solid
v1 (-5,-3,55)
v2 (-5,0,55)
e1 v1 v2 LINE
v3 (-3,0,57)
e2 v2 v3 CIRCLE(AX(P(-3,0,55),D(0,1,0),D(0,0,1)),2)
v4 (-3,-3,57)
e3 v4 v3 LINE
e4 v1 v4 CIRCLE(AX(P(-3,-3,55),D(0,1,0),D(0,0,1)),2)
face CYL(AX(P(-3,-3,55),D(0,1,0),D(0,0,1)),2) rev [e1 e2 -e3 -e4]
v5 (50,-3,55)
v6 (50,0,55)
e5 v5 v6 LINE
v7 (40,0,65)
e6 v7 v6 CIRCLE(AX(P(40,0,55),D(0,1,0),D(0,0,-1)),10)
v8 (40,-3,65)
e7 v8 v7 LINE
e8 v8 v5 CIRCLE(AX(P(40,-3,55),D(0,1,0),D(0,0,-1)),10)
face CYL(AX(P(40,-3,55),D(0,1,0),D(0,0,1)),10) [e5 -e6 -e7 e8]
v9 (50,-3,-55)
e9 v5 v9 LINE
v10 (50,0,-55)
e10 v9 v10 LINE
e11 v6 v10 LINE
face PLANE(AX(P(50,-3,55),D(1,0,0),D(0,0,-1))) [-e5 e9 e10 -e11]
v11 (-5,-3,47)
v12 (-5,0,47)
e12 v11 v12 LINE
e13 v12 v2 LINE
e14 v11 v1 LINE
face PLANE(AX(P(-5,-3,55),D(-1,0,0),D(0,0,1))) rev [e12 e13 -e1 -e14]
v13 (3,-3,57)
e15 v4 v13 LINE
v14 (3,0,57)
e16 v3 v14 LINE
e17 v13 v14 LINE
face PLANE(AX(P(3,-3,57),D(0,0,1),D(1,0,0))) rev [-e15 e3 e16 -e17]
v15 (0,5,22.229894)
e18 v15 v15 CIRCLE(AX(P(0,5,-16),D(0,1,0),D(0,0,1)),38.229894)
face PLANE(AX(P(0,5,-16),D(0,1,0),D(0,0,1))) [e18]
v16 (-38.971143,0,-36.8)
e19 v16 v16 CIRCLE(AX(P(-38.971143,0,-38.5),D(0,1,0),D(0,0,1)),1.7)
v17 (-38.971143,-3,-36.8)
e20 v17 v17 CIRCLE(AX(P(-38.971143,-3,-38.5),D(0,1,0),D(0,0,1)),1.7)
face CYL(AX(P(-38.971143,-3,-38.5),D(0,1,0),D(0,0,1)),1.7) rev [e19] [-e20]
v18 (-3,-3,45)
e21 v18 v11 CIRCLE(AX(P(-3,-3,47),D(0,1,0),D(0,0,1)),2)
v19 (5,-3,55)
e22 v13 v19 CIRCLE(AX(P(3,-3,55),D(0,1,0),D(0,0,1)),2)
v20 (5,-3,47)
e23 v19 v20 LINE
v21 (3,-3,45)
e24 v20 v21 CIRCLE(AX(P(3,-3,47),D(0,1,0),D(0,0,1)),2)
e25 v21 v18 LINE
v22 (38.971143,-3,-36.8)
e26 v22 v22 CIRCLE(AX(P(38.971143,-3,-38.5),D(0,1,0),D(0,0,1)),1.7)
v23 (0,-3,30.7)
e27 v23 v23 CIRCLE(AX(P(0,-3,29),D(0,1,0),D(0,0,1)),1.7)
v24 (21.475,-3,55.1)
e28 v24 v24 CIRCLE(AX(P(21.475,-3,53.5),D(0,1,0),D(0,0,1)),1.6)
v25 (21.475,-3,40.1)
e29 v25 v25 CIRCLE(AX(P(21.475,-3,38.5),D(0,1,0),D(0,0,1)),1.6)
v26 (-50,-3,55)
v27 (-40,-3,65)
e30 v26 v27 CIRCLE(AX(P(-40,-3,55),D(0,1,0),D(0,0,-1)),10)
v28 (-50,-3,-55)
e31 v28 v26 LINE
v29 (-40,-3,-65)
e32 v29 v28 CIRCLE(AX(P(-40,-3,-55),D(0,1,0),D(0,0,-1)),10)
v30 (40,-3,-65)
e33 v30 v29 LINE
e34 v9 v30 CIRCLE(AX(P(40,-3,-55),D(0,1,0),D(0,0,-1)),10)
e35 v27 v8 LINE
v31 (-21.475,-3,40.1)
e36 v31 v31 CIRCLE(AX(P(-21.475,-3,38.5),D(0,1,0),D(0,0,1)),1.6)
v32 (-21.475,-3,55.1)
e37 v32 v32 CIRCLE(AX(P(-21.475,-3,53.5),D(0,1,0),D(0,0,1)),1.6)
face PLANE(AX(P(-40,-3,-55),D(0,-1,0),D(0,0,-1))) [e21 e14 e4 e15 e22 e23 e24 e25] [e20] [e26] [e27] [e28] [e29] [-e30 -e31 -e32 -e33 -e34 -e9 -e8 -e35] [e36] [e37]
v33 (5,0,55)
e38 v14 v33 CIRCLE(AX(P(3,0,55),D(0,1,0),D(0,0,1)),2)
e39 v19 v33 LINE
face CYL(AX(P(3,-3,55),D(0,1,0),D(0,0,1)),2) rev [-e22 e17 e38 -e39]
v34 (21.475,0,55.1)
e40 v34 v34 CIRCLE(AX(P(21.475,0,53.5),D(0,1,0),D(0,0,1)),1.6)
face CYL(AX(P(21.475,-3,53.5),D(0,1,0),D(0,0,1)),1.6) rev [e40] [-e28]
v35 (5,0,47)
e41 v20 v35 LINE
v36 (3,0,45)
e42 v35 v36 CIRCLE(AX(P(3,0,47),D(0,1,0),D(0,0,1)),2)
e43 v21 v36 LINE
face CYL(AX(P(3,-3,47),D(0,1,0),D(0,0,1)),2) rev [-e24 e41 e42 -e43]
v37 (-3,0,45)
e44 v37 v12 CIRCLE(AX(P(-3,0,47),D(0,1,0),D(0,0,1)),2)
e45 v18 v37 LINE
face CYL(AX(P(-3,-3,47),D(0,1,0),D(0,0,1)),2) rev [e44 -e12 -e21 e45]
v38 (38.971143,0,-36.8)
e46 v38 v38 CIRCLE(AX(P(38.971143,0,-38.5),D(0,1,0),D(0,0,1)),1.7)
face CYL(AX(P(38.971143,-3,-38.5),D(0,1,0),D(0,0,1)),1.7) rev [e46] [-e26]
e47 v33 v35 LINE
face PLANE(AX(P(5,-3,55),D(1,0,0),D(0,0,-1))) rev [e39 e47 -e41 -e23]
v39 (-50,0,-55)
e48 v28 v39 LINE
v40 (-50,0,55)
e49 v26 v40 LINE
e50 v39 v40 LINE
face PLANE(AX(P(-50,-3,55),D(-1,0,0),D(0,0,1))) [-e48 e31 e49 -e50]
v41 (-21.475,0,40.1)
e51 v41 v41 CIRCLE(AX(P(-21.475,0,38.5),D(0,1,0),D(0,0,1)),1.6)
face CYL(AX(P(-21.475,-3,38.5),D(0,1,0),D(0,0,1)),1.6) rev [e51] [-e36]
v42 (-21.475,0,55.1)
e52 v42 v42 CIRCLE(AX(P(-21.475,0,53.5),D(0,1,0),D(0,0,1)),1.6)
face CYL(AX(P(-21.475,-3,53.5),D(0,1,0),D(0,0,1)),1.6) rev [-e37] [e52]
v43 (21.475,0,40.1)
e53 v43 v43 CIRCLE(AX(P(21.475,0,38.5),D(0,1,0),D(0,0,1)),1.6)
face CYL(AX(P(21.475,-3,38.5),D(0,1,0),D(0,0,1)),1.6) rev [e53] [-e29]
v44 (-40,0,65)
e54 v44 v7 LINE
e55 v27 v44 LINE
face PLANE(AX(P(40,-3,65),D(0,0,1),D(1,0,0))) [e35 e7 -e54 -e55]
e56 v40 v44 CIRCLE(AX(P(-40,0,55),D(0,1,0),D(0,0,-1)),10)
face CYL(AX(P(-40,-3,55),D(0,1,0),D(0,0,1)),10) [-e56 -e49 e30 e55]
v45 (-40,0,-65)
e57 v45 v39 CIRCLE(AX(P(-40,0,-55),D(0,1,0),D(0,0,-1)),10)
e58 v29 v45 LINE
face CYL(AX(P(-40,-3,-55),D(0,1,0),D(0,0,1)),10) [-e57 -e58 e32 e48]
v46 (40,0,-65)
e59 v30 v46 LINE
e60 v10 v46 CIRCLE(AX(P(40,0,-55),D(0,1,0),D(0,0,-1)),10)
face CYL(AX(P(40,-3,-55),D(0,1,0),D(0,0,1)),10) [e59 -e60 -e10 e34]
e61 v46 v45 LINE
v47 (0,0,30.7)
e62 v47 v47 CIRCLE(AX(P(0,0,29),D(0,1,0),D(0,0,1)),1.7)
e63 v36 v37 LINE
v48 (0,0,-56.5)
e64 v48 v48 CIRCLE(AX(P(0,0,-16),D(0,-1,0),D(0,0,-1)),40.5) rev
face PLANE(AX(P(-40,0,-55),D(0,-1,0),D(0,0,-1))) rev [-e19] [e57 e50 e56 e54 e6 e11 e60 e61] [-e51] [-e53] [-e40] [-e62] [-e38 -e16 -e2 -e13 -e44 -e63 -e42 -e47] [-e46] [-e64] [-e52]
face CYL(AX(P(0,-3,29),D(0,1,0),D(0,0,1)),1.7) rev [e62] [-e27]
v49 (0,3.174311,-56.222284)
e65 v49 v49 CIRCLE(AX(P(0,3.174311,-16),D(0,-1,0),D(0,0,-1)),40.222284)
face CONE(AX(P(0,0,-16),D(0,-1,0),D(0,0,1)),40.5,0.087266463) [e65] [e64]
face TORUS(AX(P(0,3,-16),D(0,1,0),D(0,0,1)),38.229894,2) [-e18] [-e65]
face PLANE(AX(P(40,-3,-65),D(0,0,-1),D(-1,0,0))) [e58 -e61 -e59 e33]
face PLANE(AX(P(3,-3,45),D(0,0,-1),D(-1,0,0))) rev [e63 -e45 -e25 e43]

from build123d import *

# Parameters (mm, degrees)
SKETCH1_R           = 1.6
SKETCH1_R_2         = 1.7
BOSS_EXTRUDE1_DEPTH = 3
SKETCH2_R           = 40.5
BOSS_EXTRUDE2_DEPTH = 5
BOSS_EXTRUDE2_TAPER = 5
FILLET1_R           = 2


with BuildPart() as part:
    # Sketch1 → Boss-Extrude1 (new body)
    with BuildSketch(Plane(origin=(0, 0, 0), x_dir=(1, 0, 0), z_dir=(0, 1, 0))):
        with BuildLine():
            Line((40, -65), (-40, -65))
            ThreePointArc((-40, -65), (-47.071067812, -62.071067812), (-50, -55))
            Line((-50, -55), (-50, 55))
            ThreePointArc((-50, 55), (-47.071067812, 62.071067812), (-40, 65))
            Line((-40, 65), (40, 65))
            ThreePointArc((40, 65), (47.071067812, 62.071067812), (50, 55))
            Line((50, 55), (50, -55))
            ThreePointArc((50, -55), (47.071067812, -62.071067812), (40, -65))
        make_face()
        with Locations(Location((21.475, -38.5, 0), (0, 0, 270))):
            Circle(SKETCH1_R, mode=Mode.SUBTRACT)
        with Locations(Location((21.475, -53.5, 0), (0, 0, 270))):
            Circle(SKETCH1_R, mode=Mode.SUBTRACT)
        with Locations(Location((-21.475, -38.5, 0), (0, 0, 270))):
            Circle(SKETCH1_R, mode=Mode.SUBTRACT)
        with Locations(Location((-21.475, -53.5, 0), (0, 0, 270))):
            Circle(SKETCH1_R, mode=Mode.SUBTRACT)
        with Locations(Location((0, -29, 0), (0, 0, 270))):
            Circle(SKETCH1_R_2, mode=Mode.SUBTRACT)
        with Locations(Location((-38.97114317, 38.5, 0), (0, 0, 270))):
            Circle(SKETCH1_R_2, mode=Mode.SUBTRACT)
        with Locations(Location((38.97114317, 38.5, 0), (0, 0, 270))):
            Circle(SKETCH1_R_2, mode=Mode.SUBTRACT)
        with BuildLine():
            Line((3, -57), (-3, -57))
            ThreePointArc((-3, -57), (-4.414213562, -56.414213562), (-5, -55))
            Line((-5, -55), (-5, -47))
            ThreePointArc((-5, -47), (-4.414213562, -45.585786438), (-3, -45))
            Line((-3, -45), (3, -45))
            ThreePointArc((3, -45), (4.414213562, -45.585786438), (5, -47))
            Line((5, -47), (5, -55))
            ThreePointArc((5, -55), (4.414213562, -56.414213562), (3, -57))
        make_face(mode=Mode.SUBTRACT)
    extrude(amount=-BOSS_EXTRUDE1_DEPTH)

    # Sketch2 → Boss-Extrude2 (add)
    with BuildSketch(Plane(origin=(0, 0, 0), x_dir=(1, 0, 0), z_dir=(0, 1, 0))):
        with Locations((0, 16)):
            Circle(SKETCH2_R)
    extrude(amount=BOSS_EXTRUDE2_DEPTH, taper=BOSS_EXTRUDE2_TAPER)

    # Fillet1
    fillet1_edges = [part.edges().sort_by_distance(p)[0] for p in [
        (-40.062556682, 5, -16),
    ]]
    fillet(fillet1_edges, radius=FILLET1_R)


solid = part.part
